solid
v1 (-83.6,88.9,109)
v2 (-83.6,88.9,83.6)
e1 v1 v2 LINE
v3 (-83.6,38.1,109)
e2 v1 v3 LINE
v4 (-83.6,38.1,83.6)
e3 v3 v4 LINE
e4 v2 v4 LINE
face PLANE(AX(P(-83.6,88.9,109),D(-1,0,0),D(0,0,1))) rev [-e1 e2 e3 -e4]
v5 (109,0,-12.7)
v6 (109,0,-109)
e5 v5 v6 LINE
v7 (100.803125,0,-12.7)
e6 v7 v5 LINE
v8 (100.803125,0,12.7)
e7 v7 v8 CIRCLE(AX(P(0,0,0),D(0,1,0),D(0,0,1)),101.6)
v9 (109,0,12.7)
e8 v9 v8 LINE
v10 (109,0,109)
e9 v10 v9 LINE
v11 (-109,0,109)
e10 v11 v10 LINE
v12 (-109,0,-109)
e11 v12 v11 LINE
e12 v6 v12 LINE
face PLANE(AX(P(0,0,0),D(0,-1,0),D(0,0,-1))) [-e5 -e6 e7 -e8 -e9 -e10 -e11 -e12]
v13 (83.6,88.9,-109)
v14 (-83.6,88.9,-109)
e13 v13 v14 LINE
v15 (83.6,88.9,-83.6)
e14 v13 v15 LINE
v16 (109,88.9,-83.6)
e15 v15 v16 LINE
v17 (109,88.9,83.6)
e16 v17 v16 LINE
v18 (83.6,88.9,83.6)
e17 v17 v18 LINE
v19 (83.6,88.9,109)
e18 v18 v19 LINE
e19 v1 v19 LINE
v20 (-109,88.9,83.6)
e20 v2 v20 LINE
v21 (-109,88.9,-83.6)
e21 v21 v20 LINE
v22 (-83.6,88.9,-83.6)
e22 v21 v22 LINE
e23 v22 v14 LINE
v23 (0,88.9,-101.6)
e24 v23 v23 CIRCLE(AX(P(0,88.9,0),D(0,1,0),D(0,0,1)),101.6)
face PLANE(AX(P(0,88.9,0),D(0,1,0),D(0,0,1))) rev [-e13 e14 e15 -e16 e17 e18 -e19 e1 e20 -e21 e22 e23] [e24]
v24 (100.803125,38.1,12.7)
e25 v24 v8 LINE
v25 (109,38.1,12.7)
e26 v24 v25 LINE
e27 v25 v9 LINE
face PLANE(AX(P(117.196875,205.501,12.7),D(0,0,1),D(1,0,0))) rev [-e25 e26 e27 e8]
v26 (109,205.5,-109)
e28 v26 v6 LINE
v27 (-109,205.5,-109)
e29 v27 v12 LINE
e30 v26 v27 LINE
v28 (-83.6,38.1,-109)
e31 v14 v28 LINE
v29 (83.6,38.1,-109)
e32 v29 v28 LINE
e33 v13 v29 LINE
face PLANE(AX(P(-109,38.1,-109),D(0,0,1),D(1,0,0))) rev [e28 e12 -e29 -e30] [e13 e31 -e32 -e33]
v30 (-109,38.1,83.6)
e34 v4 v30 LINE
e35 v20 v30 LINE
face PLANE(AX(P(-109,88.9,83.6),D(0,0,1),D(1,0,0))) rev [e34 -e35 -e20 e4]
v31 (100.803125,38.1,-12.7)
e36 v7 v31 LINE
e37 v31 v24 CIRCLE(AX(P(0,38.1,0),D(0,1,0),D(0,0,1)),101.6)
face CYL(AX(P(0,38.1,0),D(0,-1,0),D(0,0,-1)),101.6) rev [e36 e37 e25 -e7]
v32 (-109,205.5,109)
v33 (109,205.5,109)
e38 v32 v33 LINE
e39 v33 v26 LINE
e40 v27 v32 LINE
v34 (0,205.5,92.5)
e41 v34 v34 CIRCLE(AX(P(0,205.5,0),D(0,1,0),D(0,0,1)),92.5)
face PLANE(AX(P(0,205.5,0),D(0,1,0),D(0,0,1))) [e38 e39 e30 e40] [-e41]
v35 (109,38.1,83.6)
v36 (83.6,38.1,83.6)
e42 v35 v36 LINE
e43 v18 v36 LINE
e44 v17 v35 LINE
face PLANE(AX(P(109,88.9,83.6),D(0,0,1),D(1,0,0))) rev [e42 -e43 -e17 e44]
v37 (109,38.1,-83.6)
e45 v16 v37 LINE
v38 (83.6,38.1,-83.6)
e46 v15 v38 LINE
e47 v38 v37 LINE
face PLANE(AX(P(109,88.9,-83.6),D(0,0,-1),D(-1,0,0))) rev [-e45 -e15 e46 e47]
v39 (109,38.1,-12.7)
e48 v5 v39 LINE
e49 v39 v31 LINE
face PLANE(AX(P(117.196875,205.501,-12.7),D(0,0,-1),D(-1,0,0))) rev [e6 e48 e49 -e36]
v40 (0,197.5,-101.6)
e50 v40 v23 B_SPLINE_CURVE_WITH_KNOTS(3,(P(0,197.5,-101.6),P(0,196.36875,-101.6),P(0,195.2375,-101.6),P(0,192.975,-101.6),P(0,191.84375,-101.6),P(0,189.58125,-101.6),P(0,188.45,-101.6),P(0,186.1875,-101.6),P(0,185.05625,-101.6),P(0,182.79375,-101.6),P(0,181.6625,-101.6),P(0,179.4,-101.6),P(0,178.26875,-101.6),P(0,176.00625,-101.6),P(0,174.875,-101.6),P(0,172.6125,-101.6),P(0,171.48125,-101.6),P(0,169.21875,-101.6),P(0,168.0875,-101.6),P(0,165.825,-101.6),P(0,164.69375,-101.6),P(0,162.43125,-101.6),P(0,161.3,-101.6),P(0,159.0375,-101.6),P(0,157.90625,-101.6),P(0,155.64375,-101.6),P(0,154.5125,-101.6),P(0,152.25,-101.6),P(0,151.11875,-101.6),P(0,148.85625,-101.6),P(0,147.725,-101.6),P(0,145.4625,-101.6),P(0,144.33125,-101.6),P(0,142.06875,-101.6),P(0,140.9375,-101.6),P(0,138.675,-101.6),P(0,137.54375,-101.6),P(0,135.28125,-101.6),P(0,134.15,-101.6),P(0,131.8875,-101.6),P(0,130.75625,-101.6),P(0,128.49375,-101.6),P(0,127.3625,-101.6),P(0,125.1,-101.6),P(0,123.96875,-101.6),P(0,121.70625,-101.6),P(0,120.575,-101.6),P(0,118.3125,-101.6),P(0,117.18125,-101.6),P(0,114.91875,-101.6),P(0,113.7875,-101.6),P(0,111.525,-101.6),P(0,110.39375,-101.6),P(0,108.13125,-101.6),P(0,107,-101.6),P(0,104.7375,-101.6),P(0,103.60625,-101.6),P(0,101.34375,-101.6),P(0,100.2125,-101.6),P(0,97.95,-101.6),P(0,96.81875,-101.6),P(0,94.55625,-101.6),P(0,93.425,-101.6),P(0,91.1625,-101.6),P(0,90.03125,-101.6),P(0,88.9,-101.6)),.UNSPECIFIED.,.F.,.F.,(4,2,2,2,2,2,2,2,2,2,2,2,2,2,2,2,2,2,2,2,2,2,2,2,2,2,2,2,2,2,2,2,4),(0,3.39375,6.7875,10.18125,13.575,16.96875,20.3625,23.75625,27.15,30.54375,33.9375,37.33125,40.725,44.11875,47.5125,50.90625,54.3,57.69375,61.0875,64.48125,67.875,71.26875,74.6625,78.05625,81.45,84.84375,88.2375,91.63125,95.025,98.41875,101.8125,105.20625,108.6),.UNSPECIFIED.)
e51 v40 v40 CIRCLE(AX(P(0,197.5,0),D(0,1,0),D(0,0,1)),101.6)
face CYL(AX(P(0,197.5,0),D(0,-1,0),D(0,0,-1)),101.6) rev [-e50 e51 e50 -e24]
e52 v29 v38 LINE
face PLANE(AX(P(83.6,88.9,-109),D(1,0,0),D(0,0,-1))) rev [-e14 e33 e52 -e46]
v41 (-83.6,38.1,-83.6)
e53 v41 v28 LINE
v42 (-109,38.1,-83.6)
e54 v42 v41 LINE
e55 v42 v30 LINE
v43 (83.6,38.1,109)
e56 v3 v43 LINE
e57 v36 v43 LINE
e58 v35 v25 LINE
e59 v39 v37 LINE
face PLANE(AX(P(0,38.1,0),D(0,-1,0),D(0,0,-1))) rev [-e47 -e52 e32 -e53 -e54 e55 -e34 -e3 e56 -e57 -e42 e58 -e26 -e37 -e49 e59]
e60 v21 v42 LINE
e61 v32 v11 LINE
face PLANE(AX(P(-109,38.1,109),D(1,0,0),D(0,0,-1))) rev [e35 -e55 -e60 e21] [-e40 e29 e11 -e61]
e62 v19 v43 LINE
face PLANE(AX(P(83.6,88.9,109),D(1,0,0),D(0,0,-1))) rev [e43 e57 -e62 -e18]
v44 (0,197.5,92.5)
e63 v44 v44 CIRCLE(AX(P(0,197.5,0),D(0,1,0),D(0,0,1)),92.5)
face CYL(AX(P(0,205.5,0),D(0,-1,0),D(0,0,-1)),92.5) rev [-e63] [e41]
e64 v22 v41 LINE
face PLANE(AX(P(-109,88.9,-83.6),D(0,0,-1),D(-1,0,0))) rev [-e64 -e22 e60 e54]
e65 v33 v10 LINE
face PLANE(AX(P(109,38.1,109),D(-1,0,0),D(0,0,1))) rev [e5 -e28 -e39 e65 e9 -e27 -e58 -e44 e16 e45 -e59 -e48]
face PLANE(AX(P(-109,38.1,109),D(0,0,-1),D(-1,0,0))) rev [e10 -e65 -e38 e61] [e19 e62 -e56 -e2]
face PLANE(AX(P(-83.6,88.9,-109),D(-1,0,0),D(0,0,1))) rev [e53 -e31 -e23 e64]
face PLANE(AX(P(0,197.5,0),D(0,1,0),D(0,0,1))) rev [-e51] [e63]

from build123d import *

# Parameters (mm, degrees)
SKETCH1_W           = 218
SKETCH1_H           = 218
SKETCH1_R           = 101.6
BOSS_EXTRUDE1_DEPTH = 38.1
SKETCH2_W           = 25.4
SKETCH2_H           = 25.4
BOSS_EXTRUDE2_DEPTH = 50.8
SKETCH3_W           = 218
SKETCH3_H           = 218
SKETCH3_R           = 101.6
BOSS_EXTRUDE3_DEPTH = 108.6
SKETCH4_W           = 218
SKETCH4_H           = 218
SKETCH4_R           = 92.5
BOSS_EXTRUDE4_DEPTH = 8
CUT_EXTRUDE1_REACH  = 258.89
SKETCH5_W           = 16.393750096
SKETCH5_H           = 25.4


with BuildPart() as part:
    # Sketch1 → Boss-Extrude1 (new body)
    with BuildSketch(Plane(origin=(0, 0, 0), x_dir=(1, 0, 0), z_dir=(0, 1, 0))):
        Rectangle(SKETCH1_W, SKETCH1_H)
        with Locations(Location((0, 0, 0), (0, 0, 90))):
            Circle(SKETCH1_R, mode=Mode.SUBTRACT)
    extrude(amount=BOSS_EXTRUDE1_DEPTH)

    # Sketch2 → Boss-Extrude2 (add)
    with BuildSketch(Plane(origin=(0, 38.1, 0), x_dir=(1, 0, 0), z_dir=(0, 1, 0))):
        with Locations((-96.3, 96.3)):
            Rectangle(SKETCH2_W, SKETCH2_H)
        with Locations((96.3, 96.3)):
            Rectangle(SKETCH2_W, SKETCH2_H)
        with Locations((96.3, -96.3)):
            Rectangle(SKETCH2_W, SKETCH2_H)
        with Locations((-96.3, -96.3)):
            Rectangle(SKETCH2_W, SKETCH2_H)
    extrude(amount=BOSS_EXTRUDE2_DEPTH)

    # Sketch3 → Boss-Extrude3 (add)
    with BuildSketch(Plane(origin=(0, 88.9, 0), x_dir=(1, 0, 0), z_dir=(0, 1, 0))):
        Rectangle(SKETCH3_W, SKETCH3_H)
        with Locations(Location((0, 0, 0), (0, 0, 90))):
            Circle(SKETCH3_R, mode=Mode.SUBTRACT)
    extrude(amount=BOSS_EXTRUDE3_DEPTH)

    # Sketch4 → Boss-Extrude4 (add)
    with BuildSketch(Plane(origin=(0, 197.5, 0), x_dir=(1, 0, 0), z_dir=(0, 1, 0))):
        Rectangle(SKETCH4_W, SKETCH4_H)
        with Locations(Location((0, 0, 0), (0, 0, 270))):
            Circle(SKETCH4_R, mode=Mode.SUBTRACT)
    extrude(amount=BOSS_EXTRUDE4_DEPTH)

    # Sketch5 → Cut-Extrude1 (cut, up to next)
    with BuildSketch(Plane.XZ, mode=Mode.PRIVATE) as cut_extrude1_sk1:
        with Locations((109, 0)):
            Rectangle(SKETCH5_W, SKETCH5_H)
    cut_extrude1_tool1 = extrude(cut_extrude1_sk1.sketch, amount=-CUT_EXTRUDE1_REACH, mode=Mode.PRIVATE) & part.part
    add(cut_extrude1_tool1.solids().sort_by_distance((109, 0, 0))[0], mode=Mode.SUBTRACT)


solid = part.part
